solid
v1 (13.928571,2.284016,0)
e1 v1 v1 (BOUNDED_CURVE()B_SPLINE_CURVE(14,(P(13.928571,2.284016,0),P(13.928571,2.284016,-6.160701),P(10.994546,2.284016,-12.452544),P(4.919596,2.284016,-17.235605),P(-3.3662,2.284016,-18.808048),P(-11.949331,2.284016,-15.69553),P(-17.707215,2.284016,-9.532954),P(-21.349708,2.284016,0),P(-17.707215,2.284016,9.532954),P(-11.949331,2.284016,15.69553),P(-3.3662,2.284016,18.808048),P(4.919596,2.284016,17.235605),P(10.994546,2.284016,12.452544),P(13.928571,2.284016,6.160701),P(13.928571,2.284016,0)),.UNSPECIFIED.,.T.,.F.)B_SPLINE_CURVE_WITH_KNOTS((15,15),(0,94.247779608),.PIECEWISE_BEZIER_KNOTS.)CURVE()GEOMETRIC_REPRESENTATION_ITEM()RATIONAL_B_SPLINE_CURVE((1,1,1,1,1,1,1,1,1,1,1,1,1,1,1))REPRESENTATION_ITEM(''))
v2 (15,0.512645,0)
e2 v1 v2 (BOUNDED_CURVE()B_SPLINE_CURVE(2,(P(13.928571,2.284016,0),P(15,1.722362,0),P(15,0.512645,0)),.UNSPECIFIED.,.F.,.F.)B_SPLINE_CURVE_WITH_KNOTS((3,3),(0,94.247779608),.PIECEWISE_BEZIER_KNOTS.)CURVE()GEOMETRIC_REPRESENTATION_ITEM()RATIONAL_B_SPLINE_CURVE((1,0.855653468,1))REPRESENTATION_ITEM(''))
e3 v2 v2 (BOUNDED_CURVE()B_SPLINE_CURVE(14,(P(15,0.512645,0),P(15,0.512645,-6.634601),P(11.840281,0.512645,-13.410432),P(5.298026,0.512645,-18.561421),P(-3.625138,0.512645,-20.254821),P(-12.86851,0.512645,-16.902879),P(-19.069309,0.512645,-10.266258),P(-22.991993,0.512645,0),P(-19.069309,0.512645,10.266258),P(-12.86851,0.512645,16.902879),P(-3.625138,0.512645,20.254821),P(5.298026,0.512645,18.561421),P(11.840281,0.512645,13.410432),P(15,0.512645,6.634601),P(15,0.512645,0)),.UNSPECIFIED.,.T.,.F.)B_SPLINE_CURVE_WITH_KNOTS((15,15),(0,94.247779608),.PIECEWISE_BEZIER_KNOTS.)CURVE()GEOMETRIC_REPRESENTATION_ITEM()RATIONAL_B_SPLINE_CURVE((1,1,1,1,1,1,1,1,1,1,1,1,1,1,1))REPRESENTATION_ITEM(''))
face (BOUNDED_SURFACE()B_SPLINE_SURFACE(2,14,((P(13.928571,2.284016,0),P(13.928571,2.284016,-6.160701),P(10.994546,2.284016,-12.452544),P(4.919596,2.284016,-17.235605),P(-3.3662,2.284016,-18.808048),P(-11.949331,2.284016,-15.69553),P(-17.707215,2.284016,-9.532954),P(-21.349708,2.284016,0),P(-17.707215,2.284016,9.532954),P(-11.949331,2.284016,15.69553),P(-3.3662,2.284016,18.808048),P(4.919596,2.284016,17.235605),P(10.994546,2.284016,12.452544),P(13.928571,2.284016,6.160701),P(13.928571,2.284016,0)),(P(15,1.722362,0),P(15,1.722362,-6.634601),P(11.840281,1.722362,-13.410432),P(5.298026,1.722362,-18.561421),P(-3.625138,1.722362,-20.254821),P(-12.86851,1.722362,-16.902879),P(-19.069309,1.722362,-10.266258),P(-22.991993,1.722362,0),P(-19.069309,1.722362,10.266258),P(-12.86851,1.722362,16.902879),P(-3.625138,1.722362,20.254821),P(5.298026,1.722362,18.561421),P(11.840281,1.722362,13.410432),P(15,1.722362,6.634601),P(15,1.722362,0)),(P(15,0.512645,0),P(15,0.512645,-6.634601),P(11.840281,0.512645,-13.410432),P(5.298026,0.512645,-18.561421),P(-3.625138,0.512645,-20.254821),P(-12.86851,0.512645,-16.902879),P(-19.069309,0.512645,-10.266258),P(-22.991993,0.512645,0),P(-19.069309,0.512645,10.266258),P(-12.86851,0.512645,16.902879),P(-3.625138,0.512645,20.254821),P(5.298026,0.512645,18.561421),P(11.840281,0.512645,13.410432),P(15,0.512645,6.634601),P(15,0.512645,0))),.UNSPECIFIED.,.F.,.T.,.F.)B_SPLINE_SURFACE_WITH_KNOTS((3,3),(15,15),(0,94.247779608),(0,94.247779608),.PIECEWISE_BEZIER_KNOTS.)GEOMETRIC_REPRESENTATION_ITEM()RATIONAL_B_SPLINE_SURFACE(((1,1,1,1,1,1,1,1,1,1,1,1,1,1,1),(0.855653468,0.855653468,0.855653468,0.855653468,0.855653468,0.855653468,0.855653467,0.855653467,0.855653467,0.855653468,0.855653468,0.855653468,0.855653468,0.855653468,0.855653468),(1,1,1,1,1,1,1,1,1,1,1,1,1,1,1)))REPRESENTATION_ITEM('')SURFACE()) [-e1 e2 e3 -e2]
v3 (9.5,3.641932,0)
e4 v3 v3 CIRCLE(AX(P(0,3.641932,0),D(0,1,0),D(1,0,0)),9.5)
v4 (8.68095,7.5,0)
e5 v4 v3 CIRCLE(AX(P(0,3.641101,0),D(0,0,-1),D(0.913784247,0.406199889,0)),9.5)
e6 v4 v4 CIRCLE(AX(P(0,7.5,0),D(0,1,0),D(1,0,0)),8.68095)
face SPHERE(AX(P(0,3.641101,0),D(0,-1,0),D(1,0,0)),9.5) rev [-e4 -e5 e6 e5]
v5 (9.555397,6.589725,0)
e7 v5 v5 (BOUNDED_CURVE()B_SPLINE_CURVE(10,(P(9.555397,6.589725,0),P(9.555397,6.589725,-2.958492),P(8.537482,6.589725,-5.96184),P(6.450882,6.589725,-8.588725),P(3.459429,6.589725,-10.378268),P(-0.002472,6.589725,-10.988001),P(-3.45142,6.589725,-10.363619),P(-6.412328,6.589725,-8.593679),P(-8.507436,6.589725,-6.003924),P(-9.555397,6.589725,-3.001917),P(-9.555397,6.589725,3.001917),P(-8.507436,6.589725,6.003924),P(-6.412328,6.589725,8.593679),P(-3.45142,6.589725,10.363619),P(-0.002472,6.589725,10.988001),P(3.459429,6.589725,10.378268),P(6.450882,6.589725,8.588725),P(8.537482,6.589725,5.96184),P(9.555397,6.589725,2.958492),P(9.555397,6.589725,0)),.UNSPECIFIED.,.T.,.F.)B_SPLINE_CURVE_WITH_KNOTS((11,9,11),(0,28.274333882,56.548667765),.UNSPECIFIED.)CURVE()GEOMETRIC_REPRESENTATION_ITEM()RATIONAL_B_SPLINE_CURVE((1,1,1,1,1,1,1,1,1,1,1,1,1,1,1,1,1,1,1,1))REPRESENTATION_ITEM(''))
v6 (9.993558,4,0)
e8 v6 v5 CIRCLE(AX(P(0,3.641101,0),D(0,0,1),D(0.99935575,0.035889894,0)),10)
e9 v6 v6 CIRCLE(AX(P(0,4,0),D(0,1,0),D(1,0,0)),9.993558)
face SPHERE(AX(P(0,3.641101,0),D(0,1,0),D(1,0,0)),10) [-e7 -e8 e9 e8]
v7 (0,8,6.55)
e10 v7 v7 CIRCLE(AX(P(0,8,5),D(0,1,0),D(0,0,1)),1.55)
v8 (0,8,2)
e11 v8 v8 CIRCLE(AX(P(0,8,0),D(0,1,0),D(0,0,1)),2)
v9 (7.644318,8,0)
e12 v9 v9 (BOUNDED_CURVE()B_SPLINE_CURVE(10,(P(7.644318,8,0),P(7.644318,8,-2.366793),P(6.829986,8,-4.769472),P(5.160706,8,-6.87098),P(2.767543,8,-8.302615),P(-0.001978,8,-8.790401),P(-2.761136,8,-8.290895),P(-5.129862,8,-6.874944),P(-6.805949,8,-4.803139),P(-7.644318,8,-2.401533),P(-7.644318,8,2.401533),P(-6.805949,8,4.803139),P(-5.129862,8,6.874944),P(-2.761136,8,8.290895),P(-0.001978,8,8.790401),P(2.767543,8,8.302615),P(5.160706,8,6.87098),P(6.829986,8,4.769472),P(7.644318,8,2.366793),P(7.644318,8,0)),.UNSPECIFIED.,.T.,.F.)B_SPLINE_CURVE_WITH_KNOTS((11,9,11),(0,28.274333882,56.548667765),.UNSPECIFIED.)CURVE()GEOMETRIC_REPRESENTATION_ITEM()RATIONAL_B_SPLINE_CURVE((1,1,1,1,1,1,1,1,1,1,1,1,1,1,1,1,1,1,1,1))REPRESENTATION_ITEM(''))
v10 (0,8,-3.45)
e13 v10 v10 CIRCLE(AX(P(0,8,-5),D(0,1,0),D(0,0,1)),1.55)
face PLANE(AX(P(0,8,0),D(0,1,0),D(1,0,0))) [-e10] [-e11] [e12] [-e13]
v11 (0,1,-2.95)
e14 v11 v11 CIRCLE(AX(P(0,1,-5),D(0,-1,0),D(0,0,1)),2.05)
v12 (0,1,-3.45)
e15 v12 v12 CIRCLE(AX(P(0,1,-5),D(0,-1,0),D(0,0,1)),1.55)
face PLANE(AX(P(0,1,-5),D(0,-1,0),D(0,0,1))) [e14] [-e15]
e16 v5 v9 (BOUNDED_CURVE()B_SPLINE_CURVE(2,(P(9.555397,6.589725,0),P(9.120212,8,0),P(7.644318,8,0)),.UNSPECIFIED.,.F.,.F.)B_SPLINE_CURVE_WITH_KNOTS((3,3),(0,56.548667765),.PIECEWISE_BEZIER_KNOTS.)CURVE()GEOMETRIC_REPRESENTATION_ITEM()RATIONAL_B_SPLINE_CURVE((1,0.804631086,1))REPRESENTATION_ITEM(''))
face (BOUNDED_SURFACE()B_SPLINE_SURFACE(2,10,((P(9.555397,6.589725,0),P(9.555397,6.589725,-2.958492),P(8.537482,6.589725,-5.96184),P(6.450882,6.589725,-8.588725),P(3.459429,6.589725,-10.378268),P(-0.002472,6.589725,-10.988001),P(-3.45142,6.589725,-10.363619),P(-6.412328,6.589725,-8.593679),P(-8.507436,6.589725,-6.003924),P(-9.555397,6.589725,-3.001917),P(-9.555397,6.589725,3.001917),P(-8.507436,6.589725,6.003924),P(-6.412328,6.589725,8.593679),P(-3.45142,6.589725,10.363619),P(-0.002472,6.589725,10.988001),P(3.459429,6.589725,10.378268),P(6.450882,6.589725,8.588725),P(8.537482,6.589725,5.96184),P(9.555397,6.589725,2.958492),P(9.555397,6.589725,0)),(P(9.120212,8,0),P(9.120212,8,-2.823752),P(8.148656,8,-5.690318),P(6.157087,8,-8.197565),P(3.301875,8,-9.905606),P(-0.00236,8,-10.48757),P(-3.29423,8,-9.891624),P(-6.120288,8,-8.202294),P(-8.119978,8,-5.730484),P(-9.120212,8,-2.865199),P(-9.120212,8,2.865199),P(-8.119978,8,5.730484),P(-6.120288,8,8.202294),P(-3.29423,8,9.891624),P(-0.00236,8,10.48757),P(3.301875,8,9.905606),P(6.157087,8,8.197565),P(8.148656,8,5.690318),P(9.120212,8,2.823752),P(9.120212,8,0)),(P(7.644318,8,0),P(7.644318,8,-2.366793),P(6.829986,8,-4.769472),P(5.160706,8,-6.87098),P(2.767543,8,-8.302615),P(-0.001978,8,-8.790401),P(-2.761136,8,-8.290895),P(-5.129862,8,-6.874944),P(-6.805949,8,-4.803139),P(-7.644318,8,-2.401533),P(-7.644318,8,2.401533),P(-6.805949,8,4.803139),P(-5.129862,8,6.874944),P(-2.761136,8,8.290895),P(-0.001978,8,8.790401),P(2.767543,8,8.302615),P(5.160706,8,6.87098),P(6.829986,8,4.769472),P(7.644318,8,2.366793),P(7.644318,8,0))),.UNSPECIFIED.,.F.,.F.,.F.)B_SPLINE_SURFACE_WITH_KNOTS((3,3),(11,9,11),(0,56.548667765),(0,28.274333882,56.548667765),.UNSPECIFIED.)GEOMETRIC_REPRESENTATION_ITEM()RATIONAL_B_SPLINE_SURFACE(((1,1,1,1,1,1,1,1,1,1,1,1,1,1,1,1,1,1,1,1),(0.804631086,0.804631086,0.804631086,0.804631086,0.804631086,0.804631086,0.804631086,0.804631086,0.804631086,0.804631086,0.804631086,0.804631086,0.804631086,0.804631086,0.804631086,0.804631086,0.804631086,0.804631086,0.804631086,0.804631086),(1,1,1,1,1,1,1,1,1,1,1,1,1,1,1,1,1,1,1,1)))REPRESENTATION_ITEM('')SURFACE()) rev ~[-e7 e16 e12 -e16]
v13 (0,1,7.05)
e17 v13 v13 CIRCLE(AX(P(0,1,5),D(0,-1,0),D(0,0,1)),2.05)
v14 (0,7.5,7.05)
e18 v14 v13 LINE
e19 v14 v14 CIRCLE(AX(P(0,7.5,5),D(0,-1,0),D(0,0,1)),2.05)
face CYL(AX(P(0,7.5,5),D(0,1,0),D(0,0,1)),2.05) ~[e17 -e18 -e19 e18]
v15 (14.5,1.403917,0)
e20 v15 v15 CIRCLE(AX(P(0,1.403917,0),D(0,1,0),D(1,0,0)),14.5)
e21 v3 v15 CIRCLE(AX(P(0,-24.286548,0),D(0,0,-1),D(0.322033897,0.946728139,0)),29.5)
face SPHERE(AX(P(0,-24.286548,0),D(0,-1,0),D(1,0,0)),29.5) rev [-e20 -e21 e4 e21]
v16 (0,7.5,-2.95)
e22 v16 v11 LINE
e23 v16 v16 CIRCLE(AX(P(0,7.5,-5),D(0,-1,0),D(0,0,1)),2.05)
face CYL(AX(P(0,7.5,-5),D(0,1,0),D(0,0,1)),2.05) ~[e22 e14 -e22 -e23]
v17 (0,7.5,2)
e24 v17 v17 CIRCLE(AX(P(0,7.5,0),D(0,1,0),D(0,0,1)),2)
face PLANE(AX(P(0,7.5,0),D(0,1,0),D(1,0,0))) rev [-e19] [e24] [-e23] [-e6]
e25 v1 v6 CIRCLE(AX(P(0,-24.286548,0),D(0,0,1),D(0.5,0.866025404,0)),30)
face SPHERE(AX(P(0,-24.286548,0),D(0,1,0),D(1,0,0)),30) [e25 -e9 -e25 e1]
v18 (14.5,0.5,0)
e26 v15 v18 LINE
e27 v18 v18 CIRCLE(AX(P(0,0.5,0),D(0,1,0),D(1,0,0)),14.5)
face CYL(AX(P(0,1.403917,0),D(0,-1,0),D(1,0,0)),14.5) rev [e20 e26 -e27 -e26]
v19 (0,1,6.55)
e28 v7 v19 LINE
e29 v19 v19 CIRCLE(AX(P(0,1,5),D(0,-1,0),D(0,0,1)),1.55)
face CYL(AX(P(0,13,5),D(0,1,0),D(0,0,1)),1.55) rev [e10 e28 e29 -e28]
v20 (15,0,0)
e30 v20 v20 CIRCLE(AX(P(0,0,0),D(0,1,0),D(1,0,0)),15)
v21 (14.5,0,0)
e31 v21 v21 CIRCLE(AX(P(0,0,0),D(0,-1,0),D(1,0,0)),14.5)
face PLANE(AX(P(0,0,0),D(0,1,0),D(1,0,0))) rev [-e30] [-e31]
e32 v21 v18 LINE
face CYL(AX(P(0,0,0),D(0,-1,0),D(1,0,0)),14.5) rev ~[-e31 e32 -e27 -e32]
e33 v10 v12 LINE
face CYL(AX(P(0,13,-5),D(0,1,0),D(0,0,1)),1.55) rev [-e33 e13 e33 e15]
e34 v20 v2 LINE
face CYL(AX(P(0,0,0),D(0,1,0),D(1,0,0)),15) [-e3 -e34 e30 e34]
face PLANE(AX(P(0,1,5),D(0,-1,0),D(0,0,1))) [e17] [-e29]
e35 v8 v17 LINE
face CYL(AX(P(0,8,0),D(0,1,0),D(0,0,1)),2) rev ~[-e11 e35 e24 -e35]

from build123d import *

# Parameters (mm, degrees)
CROQUIS5_R              = 2
CORTAR_EXTRUIR1_DEPTH   = 6
CROQUIS6_R              = 14.5
CORTAR_EXTRUIR2_DEPTH   = 0.5
CROQUIS7_R              = 2.05
CROQUIS7_R_2            = 1.55
SALIENTE_EXTRUIR1_DEPTH = 6.5
CORTAR_EXTRUIR3_START   = -5.5
CROQUIS8_R              = 1.55
CORTAR_EXTRUIR3_DEPTH   = 5.5
REDONDEO1_R             = 2
REDONDEO2_R             = 2


with BuildPart() as part:
    # Croquis3 → Revolución1 (revolve)
    with BuildSketch(Plane.XY):
        with BuildLine():
            Line((15, 0), (15, 1.694213924))
            ThreePointArc((15, 1.694213924), (12.549846274, 2.962329925), (9.993557502, 4))
            ThreePointArc((9.993557502, 4), (9.70509179, 6.051742746), (9, 8))
            Line((9, 8), (0, 8))
            Line((0, 8), (0, 0))
            Line((0, 0), (15, 0))
        make_face()
    revolve(axis=Axis((0, 0, 0), (0, 1, 0)))

    # Croquis4 → Cortar-Revolución1 (revolve, cut)
    with BuildSketch(Plane.XY):
        with BuildLine():
            Line((0, 0.5), (0, 7.5))
            Line((0, 7.5), (8.680950348, 7.5))
            ThreePointArc((8.680950348, 7.5), (9.292895722, 5.613938885), (9.499999964, 3.641931911))
            ThreePointArc((9.499999964, 3.641931911), (12.052061122, 2.639235415), (14.5, 1.403916968))
            Line((14.5, 1.403916968), (14.5, 0.5))
            Line((14.5, 0.5), (0, 0.5))
        make_face()
    revolve(axis=Axis((0, 7.5, 0), (0, 1, 0)), mode=Mode.SUBTRACT)

    # Croquis5 → Cortar-Extruir1 (cut)
    with BuildSketch(Plane(origin=(0, 8, 0), x_dir=(1, 0, 0), z_dir=(0, 1, 0))):
        with Locations(Location((0, 0, 0), (0, 0, 270))):
            Circle(CROQUIS5_R)
    extrude(amount=-CORTAR_EXTRUIR1_DEPTH, mode=Mode.SUBTRACT)

    # Croquis6 → Cortar-Extruir2 (cut)
    with BuildSketch(Plane.XZ):
        Circle(CROQUIS6_R)
    extrude(amount=-CORTAR_EXTRUIR2_DEPTH, mode=Mode.SUBTRACT)

    # Croquis7 → Saliente-Extruir1 (add)
    # profile 1 of 2: a face of its own
    with BuildSketch(Plane.XZ.offset(-7.5)):
        with Locations(Location((0, 5, 0), (0, 0, 90))):
            Circle(CROQUIS7_R)
        with Locations(Location((0, 5, 0), (0, 0, 90))):
            Circle(CROQUIS7_R_2, mode=Mode.SUBTRACT)
    # profile 2 of 2: a face of its own
    with BuildSketch(Plane.XZ.offset(-7.5)):
        with Locations(Location((0, -5, 0), (0, 0, 90))):
            Circle(CROQUIS7_R)
        with Locations(Location((0, -5, 0), (0, 0, 90))):
            Circle(CROQUIS7_R_2, mode=Mode.SUBTRACT)
    extrude(amount=SALIENTE_EXTRUIR1_DEPTH)

    # Croquis8 → Cortar-Extruir3 (cut)
    with BuildSketch(Plane.XZ.offset(-7.5).offset(CORTAR_EXTRUIR3_START)):
        with Locations(Location((0, -5, 0), (0, 0, 90))):
            Circle(CROQUIS8_R)
        with Locations(Location((0, 5, 0), (0, 0, 90))):
            Circle(CROQUIS8_R)
    extrude(amount=CORTAR_EXTRUIR3_DEPTH, mode=Mode.SUBTRACT)

    # Redondeo1
    redondeo1_edges = [part.edges().sort_by_distance(p)[0] for p in [
        (-9, 8, 0),
    ]]
    fillet(redondeo1_edges, radius=REDONDEO1_R)

    # Redondeo2
    redondeo2_edges = [part.edges().sort_by_distance(p)[0] for p in [
        (-15, 1.694213924, 0),
    ]]
    fillet(redondeo2_edges, radius=REDONDEO2_R)


solid = part.part
